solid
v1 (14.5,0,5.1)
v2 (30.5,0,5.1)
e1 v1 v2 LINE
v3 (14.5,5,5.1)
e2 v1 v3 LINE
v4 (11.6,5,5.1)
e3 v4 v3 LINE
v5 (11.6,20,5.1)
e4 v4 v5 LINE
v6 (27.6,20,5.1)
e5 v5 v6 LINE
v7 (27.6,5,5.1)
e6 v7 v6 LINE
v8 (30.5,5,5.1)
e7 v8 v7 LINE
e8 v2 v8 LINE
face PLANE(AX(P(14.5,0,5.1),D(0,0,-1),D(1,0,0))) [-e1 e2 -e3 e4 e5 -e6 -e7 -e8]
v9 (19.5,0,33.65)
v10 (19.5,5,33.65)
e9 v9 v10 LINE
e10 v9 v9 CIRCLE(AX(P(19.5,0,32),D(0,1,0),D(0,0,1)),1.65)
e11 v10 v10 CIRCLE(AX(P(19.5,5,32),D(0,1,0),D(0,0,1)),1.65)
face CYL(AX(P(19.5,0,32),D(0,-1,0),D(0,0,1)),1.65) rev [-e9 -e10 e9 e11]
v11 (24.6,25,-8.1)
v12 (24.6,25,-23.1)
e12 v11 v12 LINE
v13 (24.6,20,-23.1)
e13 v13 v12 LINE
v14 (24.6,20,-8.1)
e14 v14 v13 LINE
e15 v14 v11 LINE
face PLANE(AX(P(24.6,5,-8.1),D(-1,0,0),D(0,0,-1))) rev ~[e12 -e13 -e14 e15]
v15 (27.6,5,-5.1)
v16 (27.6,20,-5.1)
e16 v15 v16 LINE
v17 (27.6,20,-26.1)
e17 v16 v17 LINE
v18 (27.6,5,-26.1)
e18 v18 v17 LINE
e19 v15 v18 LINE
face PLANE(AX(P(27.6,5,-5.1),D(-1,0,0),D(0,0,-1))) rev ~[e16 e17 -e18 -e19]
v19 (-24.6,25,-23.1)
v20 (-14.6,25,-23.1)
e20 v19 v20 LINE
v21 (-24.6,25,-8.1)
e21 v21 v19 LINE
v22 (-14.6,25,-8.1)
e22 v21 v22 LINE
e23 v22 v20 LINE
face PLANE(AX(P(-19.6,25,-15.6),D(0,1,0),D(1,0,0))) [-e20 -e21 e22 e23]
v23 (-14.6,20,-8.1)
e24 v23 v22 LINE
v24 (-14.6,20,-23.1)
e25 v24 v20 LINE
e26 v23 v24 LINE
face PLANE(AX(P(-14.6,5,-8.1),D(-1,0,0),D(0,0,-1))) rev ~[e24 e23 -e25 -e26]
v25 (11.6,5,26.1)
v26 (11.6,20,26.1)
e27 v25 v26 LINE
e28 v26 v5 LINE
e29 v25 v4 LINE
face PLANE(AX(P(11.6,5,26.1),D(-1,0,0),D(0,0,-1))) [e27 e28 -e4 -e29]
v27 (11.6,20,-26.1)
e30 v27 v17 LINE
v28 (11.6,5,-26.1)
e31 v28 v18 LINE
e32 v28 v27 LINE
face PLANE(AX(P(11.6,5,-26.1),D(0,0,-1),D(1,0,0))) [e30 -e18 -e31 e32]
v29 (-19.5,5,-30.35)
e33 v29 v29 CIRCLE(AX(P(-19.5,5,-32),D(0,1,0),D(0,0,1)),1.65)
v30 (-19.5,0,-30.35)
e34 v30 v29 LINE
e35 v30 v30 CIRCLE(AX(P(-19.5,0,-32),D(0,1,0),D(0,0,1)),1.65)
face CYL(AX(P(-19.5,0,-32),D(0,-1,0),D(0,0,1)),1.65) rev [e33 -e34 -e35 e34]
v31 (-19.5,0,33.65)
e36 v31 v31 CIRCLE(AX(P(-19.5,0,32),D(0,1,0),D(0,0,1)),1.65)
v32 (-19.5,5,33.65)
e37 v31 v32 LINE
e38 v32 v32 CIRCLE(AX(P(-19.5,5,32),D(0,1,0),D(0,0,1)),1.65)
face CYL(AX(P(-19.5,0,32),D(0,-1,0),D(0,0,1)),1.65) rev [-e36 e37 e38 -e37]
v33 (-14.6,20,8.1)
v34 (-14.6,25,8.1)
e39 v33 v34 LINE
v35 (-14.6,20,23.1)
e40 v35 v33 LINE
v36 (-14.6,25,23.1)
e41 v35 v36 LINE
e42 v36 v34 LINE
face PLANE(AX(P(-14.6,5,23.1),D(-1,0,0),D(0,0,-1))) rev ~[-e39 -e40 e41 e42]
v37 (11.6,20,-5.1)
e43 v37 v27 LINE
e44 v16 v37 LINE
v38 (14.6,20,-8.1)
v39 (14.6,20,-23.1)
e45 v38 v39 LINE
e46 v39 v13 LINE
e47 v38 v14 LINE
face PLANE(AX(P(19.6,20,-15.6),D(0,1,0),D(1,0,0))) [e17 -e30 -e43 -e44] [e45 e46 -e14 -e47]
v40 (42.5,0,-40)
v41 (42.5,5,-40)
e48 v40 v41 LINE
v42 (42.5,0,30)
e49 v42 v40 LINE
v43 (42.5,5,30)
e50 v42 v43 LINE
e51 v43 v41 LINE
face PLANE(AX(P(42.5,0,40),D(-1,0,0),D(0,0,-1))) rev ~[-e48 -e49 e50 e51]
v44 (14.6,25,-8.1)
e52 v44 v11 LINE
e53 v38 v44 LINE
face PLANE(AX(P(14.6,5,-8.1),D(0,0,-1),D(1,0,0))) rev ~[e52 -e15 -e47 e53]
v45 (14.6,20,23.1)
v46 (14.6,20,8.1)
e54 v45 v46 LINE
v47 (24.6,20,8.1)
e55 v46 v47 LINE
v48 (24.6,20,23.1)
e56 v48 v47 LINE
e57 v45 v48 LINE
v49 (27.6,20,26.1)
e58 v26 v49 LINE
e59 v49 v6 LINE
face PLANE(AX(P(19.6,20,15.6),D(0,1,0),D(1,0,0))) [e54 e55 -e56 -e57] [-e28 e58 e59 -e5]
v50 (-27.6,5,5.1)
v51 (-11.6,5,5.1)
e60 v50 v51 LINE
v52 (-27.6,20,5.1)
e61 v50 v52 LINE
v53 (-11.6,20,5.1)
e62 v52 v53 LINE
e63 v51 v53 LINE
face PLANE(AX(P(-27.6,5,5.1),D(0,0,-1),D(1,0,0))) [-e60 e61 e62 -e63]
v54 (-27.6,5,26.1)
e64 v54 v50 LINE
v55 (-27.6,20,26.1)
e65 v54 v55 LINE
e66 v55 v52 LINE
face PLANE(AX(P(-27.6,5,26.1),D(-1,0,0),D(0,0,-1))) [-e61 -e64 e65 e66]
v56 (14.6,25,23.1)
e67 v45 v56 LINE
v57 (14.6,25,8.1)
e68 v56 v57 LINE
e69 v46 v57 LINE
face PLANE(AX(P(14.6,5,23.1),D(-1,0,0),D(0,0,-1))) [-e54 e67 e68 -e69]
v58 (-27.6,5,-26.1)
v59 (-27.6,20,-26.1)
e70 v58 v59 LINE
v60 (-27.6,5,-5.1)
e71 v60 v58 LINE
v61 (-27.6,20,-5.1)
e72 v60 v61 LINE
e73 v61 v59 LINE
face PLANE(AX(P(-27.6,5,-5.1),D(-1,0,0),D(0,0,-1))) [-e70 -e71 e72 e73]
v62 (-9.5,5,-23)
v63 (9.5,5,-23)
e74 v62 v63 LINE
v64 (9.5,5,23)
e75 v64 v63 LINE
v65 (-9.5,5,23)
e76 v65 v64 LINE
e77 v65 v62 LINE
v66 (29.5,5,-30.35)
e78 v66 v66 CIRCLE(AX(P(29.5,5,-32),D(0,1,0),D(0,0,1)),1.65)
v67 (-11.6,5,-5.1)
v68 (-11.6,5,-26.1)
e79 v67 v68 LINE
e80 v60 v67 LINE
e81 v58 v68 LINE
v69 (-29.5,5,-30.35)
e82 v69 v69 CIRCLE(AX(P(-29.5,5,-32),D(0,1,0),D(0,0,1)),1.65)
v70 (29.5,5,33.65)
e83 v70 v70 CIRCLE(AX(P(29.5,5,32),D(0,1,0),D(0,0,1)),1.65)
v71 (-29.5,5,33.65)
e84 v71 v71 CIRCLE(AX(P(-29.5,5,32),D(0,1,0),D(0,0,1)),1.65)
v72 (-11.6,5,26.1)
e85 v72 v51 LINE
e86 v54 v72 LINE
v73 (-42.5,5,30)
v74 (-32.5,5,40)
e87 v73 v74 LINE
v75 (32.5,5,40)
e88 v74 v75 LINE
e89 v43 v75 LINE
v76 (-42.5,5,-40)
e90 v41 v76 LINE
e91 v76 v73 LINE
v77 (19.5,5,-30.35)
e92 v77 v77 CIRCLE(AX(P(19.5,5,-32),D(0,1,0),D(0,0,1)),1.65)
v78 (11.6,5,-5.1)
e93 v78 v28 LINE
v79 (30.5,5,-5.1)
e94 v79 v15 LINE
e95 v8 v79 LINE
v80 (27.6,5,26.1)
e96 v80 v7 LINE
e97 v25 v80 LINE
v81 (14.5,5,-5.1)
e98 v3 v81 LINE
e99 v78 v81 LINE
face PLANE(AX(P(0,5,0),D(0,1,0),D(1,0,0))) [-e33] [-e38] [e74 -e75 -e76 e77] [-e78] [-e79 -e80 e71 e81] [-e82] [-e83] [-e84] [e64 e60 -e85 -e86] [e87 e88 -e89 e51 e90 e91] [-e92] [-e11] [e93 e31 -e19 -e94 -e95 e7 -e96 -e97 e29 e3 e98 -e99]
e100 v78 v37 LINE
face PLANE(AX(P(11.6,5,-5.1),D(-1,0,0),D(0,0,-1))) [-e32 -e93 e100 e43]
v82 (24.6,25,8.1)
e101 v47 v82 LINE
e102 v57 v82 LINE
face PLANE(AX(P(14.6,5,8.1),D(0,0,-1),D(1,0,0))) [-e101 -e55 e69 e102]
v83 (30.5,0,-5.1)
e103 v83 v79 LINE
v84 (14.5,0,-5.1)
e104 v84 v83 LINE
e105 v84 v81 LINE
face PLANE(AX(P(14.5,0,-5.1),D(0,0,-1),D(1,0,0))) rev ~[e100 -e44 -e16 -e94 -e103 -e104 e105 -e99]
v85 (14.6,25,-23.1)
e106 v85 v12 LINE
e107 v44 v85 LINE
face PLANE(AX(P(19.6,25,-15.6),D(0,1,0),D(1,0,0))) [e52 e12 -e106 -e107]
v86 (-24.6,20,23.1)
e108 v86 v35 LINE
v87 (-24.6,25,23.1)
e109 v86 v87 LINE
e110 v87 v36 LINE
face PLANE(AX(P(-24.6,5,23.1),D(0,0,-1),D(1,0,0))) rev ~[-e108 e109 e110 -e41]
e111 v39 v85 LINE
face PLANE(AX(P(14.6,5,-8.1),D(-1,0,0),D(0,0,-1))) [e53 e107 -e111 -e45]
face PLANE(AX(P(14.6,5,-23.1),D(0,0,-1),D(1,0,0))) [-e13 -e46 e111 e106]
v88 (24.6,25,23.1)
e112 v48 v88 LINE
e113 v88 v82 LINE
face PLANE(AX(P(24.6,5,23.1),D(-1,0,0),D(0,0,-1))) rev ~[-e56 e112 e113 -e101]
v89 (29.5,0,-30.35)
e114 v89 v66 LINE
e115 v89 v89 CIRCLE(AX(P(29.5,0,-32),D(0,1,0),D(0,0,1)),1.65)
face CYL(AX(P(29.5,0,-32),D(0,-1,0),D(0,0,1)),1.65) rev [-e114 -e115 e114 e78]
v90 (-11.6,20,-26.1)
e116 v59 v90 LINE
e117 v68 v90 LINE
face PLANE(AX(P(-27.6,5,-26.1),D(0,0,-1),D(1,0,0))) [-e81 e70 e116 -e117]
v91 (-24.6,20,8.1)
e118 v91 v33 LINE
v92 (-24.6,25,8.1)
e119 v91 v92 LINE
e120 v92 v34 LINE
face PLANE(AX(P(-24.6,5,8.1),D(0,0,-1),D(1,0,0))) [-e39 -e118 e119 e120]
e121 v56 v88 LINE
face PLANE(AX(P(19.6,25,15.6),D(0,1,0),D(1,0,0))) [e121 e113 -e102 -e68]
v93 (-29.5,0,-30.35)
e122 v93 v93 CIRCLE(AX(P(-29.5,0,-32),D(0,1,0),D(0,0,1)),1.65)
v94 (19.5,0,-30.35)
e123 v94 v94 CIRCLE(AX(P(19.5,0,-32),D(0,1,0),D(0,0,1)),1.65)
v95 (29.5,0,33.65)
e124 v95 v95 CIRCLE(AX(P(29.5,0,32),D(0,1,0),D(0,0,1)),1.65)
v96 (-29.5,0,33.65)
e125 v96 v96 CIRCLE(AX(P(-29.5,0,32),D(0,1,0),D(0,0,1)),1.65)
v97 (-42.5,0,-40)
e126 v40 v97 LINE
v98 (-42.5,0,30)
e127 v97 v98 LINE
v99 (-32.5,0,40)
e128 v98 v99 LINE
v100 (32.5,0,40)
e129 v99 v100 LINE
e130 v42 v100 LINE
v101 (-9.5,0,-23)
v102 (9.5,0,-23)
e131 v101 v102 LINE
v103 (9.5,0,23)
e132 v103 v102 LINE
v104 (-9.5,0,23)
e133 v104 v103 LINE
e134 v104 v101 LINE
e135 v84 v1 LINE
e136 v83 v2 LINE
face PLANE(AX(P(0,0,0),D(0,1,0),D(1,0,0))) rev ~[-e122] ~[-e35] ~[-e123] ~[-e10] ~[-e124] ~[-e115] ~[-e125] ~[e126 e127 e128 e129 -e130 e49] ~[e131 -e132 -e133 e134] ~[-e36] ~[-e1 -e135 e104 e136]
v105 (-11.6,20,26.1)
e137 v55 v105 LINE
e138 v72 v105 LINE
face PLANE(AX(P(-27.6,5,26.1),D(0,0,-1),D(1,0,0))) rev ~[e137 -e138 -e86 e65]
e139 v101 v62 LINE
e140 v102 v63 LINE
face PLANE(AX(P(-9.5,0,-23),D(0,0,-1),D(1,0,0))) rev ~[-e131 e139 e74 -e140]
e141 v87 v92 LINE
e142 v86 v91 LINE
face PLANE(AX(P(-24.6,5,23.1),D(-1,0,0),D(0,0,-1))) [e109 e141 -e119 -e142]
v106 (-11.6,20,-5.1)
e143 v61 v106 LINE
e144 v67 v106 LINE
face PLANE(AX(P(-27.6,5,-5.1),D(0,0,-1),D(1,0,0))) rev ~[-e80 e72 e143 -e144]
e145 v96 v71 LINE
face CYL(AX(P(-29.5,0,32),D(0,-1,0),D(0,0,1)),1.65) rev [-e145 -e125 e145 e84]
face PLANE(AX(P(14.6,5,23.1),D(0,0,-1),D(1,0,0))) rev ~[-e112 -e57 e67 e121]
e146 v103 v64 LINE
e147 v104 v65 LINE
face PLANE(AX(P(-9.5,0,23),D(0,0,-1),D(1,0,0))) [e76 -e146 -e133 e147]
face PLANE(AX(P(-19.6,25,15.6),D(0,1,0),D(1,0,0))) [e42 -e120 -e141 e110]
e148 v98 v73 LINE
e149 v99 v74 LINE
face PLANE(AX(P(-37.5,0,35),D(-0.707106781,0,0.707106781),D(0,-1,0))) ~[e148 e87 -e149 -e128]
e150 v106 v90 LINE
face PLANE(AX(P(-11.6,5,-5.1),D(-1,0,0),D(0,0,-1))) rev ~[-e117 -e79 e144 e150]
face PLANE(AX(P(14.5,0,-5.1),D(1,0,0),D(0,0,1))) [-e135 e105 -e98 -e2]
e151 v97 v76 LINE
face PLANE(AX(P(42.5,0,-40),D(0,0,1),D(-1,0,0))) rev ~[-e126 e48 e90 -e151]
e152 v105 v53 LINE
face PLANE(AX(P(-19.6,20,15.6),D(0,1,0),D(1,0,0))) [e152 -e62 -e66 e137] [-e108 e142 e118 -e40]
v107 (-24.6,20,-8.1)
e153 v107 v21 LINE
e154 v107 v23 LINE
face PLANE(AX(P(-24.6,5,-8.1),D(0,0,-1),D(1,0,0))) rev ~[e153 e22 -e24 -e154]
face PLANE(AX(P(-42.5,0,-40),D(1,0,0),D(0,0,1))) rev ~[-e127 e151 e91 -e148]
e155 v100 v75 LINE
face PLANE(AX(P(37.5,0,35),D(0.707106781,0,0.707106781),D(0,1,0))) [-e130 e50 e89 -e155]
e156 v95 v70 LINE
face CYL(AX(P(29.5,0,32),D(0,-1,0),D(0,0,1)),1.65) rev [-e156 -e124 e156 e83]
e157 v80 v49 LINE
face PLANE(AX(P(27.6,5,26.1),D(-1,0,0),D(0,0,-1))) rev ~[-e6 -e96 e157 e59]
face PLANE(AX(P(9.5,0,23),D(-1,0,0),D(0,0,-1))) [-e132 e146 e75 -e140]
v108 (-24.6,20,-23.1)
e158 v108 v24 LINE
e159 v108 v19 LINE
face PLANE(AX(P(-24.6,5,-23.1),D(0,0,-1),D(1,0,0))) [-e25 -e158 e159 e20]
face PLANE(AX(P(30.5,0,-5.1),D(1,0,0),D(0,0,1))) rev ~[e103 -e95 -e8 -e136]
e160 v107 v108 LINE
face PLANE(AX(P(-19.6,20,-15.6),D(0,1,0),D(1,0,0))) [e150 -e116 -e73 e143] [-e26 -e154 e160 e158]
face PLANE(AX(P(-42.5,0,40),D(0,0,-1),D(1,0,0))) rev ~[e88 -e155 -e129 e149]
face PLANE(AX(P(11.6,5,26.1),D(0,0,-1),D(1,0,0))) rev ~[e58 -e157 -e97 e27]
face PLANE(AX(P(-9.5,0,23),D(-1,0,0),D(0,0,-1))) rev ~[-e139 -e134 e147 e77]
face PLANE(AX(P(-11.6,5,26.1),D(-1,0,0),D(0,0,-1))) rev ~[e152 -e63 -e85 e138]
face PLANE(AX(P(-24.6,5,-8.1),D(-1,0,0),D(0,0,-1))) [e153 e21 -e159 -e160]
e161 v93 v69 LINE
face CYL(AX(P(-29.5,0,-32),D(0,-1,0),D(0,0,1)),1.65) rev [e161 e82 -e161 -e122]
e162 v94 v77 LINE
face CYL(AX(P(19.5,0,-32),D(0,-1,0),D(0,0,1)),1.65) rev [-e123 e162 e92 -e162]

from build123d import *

# Parameters (mm, degrees)
SKETCH1_R           = 1.65
SKETCH1_W           = 19
SKETCH1_H           = 46
BOSS_EXTRUDE3_DEPTH = 5
CHAMFER1_SIZE       = 10
SKETCH6_W           = 10
SKETCH6_H           = 15
BOSS_EXTRUDE4_DEPTH = 20
SKETCH8_W           = 16
SKETCH8_H           = 21
SKETCH8_W_2         = 10
SKETCH8_H_2         = 15
BOSS_EXTRUDE5_DEPTH = 15
SKETCH5_W           = 16
SKETCH5_H           = 10.2
CUT_EXTRUDE1_DEPTH  = 64.492125496


with BuildPart() as part:
    # Sketch1 → Boss-Extrude3 (new body)
    with BuildSketch(Plane(origin=(0, 0, 0), x_dir=(1, 0, 0), z_dir=(0, 1, 0))):
        Polygon((42.5, 40), (-42.5, 40), (-42.5, 24.25), (-42.5, -24.25), (-42.5, -40), (-20, -40), (20, -40), (42.5, -40), (42.5, -24.25), (42.5, 24.25), align=None)
        with Locations(Location((-29.5, -32, 0), (0, 0, 270))):
            Circle(SKETCH1_R, mode=Mode.SUBTRACT)
        with Locations(Location((-19.5, -32, 0), (0, 0, 270))):
            Circle(SKETCH1_R, mode=Mode.SUBTRACT)
        with Locations(Location((19.5, -32, 0), (0, 0, 270))):
            Circle(SKETCH1_R, mode=Mode.SUBTRACT)
        with Locations(Location((29.5, -32, 0), (0, 0, 270))):
            Circle(SKETCH1_R, mode=Mode.SUBTRACT)
        Rectangle(SKETCH1_W, SKETCH1_H, mode=Mode.SUBTRACT)
        with Locations(Location((-29.5, 32, 0), (0, 0, 270))):
            Circle(SKETCH1_R, mode=Mode.SUBTRACT)
        with Locations(Location((-19.5, 32, 0), (0, 0, 270))):
            Circle(SKETCH1_R, mode=Mode.SUBTRACT)
        with Locations(Location((19.5, 32, 0), (0, 0, 270))):
            Circle(SKETCH1_R, mode=Mode.SUBTRACT)
        with Locations(Location((29.5, 32, 0), (0, 0, 270))):
            Circle(SKETCH1_R, mode=Mode.SUBTRACT)
    extrude(amount=BOSS_EXTRUDE3_DEPTH)

    # Chamfer1
    chamfer1_edges = [part.edges().sort_by_distance(p)[0] for p in [
        (-42.5, 2.5, 40),
        (42.5, 2.5, 40),
    ]]
    chamfer(chamfer1_edges, length=CHAMFER1_SIZE)

    # Sketch6 → Boss-Extrude4 (add)
    with BuildSketch(Plane(origin=(0, 5, 0), x_dir=(1, 0, 0), z_dir=(0, 1, 0))):
        with Locations((19.6, 15.6)):
            Rectangle(SKETCH6_W, SKETCH6_H)
        with Locations((-19.6, 15.6)):
            Rectangle(SKETCH6_W, SKETCH6_H)
        with Locations((-19.6, -15.6)):
            Rectangle(SKETCH6_W, SKETCH6_H)
        with Locations((19.6, -15.6)):
            Rectangle(SKETCH6_W, SKETCH6_H)
    extrude(amount=BOSS_EXTRUDE4_DEPTH)

    # Sketch8 → Boss-Extrude5 (add)
    # profile 1 of 4: a face of its own
    with BuildSketch(Plane(origin=(0, 5, 0), x_dir=(1, 0, 0), z_dir=(0, 1, 0))):
        with Locations((-19.6, 15.6)):
            Rectangle(SKETCH8_W, SKETCH8_H)
        with Locations((-19.6, 15.6)):
            Rectangle(SKETCH8_W_2, SKETCH8_H_2, mode=Mode.SUBTRACT)
    # profile 2 of 4: a face of its own
    with BuildSketch(Plane(origin=(0, 5, 0), x_dir=(1, 0, 0), z_dir=(0, 1, 0))):
        with Locations((-19.6, -15.6)):
            Rectangle(SKETCH8_W, SKETCH8_H)
        with Locations((-19.6, -15.6)):
            Rectangle(SKETCH8_W_2, SKETCH8_H_2, mode=Mode.SUBTRACT)
    # profile 3 of 4: a face of its own
    with BuildSketch(Plane(origin=(0, 5, 0), x_dir=(1, 0, 0), z_dir=(0, 1, 0))):
        with Locations((19.6, -15.6)):
            Rectangle(SKETCH8_W, SKETCH8_H)
        with Locations((19.6, -15.6)):
            Rectangle(SKETCH8_W_2, SKETCH8_H_2, mode=Mode.SUBTRACT)
    # profile 4 of 4: a face of its own
    with BuildSketch(Plane(origin=(0, 5, 0), x_dir=(1, 0, 0), z_dir=(0, 1, 0))):
        with Locations((19.6, 15.6)):
            Rectangle(SKETCH8_W, SKETCH8_H)
        with Locations((19.6, 15.6)):
            Rectangle(SKETCH8_W_2, SKETCH8_H_2, mode=Mode.SUBTRACT)
    extrude(amount=BOSS_EXTRUDE5_DEPTH)

    # Sketch5 → Cut-Extrude1 (cut, through all)
    with BuildSketch(Plane.XZ):
        with Locations((22.5, 0)):
            Rectangle(SKETCH5_W, SKETCH5_H)
    extrude(amount=-CUT_EXTRUDE1_DEPTH, mode=Mode.SUBTRACT)


solid = part.part
